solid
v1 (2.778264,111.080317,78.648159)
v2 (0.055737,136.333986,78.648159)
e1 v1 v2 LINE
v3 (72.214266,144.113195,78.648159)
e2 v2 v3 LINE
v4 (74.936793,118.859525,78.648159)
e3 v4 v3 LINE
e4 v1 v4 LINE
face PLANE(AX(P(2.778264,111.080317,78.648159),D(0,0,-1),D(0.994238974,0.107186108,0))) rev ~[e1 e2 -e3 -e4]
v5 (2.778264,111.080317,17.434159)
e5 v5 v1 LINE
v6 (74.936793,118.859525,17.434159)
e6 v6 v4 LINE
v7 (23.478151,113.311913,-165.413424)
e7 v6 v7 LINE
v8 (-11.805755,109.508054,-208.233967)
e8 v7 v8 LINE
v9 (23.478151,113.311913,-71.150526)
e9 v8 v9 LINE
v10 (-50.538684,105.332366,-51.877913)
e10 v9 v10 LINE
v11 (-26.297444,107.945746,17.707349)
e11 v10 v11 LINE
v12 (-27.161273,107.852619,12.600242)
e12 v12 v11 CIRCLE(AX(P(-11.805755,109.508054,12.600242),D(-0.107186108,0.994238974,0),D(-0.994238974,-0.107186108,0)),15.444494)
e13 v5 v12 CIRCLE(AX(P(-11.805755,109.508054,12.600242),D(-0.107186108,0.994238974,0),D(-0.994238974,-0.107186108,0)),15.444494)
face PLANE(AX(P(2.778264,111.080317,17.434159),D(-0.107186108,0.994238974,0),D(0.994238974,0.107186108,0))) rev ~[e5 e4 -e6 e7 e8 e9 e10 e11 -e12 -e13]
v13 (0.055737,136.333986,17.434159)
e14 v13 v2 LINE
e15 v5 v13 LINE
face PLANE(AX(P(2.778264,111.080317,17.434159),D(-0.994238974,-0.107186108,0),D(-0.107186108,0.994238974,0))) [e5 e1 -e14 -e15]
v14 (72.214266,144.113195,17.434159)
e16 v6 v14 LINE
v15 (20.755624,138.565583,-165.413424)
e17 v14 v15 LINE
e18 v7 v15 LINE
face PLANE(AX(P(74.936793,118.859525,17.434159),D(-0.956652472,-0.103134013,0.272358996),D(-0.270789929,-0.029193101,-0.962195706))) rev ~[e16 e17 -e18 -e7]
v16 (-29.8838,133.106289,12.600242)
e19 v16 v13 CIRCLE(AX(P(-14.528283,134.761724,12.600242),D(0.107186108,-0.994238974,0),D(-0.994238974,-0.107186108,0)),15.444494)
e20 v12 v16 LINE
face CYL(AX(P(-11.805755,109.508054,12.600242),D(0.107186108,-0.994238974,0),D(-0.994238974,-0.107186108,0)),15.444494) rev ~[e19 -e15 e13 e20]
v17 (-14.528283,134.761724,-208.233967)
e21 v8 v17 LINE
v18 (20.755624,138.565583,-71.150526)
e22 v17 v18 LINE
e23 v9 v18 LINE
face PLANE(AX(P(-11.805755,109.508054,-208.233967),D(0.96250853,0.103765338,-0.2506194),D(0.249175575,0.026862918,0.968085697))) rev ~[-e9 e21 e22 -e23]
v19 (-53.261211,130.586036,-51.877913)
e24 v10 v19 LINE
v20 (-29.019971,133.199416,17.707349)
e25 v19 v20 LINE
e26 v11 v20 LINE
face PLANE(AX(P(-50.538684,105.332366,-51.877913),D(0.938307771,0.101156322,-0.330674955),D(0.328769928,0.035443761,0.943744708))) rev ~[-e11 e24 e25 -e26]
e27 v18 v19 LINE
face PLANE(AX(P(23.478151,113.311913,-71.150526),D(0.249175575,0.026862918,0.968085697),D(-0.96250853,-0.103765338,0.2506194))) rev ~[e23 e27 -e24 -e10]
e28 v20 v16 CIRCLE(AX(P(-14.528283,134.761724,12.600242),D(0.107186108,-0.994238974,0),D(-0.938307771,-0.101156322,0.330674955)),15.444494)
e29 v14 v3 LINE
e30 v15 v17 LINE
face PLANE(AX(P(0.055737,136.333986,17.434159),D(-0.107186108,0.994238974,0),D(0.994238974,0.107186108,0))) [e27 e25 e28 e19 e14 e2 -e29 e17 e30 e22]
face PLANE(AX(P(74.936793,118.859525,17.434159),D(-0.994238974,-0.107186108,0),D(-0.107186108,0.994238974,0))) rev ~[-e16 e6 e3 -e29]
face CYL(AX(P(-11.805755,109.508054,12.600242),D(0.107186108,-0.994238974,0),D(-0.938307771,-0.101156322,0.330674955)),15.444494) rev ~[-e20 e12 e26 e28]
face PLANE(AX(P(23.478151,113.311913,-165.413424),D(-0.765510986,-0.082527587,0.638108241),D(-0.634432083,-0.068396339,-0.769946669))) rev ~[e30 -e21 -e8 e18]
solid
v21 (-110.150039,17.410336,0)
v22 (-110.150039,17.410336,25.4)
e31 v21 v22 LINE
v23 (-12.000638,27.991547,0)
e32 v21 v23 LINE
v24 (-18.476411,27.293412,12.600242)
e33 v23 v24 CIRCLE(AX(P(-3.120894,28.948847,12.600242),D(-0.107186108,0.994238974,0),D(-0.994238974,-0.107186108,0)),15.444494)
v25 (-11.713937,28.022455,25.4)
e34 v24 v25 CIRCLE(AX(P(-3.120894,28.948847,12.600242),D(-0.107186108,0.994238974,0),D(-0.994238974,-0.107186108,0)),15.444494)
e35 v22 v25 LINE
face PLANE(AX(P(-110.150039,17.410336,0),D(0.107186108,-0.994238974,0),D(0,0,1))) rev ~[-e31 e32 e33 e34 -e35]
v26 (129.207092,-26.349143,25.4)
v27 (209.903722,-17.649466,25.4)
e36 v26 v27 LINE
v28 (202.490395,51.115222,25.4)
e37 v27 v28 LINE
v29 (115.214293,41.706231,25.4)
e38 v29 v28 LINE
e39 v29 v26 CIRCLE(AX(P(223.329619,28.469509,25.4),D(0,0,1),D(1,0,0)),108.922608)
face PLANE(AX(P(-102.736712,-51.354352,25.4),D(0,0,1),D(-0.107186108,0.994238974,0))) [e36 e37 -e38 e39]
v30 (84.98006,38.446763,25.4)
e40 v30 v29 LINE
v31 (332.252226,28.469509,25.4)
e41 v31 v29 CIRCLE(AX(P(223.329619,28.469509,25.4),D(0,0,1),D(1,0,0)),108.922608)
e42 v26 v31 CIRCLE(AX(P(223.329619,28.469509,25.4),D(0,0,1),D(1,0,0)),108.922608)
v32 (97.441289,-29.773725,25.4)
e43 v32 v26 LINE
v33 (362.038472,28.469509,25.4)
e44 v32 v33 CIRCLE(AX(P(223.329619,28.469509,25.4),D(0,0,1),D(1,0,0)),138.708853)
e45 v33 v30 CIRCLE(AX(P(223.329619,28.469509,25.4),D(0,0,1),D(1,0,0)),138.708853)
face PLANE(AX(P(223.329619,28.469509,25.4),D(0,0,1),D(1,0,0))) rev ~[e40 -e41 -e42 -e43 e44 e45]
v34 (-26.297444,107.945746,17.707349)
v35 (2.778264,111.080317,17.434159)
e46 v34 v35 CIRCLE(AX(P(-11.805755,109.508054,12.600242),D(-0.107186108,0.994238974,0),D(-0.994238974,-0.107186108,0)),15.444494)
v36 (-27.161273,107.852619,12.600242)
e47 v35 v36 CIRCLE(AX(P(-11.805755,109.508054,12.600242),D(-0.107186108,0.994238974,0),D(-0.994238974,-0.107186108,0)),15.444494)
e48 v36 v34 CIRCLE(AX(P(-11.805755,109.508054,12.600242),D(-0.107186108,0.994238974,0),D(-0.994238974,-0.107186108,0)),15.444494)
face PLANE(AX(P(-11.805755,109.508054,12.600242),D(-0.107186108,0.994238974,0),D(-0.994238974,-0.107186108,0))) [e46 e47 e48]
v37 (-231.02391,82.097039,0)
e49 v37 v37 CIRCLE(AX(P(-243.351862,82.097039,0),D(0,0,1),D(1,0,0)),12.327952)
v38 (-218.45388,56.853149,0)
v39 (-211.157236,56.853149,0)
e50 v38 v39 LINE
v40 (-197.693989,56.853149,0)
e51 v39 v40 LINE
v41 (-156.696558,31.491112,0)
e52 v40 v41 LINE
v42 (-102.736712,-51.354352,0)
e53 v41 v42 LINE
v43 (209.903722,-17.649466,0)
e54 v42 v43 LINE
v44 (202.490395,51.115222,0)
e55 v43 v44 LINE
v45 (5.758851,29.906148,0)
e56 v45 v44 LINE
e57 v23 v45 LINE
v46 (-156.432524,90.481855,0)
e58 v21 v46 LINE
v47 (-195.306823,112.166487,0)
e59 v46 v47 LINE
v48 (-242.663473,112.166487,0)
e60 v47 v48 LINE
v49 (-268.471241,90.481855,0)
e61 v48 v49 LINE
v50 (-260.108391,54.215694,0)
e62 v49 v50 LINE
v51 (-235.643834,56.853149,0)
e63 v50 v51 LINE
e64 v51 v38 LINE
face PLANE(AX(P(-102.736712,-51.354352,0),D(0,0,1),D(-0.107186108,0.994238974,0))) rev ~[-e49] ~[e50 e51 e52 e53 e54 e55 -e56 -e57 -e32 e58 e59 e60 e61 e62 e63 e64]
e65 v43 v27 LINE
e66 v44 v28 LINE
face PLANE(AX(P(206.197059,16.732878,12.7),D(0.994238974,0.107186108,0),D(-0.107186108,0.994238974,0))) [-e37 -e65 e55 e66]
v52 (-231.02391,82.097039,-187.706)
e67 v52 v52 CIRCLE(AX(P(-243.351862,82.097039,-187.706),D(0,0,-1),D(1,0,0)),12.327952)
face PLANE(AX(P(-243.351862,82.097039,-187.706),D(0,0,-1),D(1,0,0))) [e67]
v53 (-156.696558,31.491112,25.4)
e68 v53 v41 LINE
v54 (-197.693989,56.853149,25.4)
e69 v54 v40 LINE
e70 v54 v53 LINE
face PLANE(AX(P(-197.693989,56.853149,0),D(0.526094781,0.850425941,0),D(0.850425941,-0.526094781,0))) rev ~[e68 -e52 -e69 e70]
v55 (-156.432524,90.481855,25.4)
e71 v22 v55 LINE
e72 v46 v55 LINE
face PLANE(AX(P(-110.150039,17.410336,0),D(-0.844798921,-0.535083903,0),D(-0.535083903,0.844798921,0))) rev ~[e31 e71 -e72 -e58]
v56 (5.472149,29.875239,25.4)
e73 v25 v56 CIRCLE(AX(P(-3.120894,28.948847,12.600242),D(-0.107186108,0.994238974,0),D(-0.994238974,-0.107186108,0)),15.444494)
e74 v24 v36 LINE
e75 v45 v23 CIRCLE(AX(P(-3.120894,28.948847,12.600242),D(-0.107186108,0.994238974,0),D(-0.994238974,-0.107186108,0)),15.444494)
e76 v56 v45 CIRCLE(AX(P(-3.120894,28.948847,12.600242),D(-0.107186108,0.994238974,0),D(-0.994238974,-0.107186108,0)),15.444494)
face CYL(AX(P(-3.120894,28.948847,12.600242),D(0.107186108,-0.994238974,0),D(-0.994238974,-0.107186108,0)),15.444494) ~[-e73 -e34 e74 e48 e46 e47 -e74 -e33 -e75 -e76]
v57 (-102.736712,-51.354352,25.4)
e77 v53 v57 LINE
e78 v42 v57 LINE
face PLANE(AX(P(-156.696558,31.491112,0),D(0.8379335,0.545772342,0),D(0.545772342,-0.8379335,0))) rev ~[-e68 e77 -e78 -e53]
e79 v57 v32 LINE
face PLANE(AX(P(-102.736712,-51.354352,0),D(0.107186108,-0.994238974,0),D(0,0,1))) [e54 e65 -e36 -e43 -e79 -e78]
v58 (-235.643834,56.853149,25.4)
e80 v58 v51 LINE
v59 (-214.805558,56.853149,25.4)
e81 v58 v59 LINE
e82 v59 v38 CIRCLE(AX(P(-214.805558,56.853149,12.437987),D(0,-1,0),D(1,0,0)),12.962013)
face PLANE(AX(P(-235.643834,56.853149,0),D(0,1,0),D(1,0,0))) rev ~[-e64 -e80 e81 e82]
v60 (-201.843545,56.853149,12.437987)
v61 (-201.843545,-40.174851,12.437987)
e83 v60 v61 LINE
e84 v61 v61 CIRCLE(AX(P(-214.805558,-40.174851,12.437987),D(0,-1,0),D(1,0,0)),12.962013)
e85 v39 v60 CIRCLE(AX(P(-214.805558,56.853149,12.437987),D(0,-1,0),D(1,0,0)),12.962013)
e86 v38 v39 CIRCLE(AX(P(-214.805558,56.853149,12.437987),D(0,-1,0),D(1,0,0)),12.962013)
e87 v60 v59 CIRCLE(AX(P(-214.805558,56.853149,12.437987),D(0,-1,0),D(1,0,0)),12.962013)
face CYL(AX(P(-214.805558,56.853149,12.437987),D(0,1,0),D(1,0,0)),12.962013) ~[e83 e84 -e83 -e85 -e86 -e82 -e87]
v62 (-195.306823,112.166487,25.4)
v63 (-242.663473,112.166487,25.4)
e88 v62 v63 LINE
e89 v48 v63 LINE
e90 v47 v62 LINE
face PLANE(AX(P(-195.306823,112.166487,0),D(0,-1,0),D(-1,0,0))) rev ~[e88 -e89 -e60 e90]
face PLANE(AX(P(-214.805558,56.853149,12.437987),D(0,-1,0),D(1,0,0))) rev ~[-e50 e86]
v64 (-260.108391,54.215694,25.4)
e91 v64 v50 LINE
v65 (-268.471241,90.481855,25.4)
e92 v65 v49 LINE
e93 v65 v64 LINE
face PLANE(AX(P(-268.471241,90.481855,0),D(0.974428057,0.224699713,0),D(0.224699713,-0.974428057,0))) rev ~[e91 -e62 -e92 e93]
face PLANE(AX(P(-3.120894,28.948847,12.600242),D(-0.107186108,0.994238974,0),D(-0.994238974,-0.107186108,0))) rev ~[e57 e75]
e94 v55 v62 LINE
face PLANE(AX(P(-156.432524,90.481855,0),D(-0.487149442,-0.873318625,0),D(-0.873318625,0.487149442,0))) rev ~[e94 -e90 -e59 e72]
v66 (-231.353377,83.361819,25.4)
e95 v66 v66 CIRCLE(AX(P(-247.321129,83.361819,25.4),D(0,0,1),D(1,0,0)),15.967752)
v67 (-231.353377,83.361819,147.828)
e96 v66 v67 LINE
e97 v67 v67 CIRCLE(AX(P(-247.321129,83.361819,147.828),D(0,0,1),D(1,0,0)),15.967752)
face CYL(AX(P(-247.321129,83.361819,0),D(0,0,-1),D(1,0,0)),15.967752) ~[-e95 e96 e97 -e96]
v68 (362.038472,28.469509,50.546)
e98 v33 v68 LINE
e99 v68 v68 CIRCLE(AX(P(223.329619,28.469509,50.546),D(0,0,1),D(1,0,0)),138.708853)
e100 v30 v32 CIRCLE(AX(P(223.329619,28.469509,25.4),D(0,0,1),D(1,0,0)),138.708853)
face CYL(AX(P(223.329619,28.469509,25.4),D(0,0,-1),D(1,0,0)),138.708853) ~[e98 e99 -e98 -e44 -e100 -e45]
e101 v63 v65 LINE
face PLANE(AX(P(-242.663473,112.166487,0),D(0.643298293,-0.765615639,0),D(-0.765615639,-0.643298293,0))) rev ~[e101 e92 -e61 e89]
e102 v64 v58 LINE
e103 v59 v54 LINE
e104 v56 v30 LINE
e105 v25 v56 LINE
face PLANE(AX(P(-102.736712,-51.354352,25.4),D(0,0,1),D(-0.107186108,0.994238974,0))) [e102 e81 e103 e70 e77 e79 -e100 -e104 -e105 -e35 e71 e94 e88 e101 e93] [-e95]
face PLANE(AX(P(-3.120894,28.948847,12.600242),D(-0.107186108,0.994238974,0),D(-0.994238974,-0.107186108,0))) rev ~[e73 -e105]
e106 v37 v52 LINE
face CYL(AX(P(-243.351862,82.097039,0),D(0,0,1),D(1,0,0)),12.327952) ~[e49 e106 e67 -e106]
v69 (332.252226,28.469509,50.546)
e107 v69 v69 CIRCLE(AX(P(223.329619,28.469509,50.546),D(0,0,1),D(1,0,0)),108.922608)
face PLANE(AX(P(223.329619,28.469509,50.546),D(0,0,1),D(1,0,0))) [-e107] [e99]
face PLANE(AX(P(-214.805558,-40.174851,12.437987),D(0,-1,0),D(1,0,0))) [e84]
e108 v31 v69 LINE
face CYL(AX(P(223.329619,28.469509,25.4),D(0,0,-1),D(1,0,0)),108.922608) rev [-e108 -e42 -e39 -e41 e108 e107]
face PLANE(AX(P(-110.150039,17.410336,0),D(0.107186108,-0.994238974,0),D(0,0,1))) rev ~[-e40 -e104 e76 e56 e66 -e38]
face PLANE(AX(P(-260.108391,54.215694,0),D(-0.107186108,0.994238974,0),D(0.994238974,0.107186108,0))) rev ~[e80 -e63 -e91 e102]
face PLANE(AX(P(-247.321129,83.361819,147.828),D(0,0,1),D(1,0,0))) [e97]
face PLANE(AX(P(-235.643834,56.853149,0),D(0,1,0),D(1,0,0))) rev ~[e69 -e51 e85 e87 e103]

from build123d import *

# Parameters (mm, degrees)
F0_R      = 15.9677519262
F1_DEPTH  = 21.336
F2_DEPTH  = 147.828
F3_R      = 12.3279515552
F4_DEPTH  = 187.706
F5_DEPTH  = 25.4
F6_W      = 69.1631390607
F6_H      = 25.4
F7_DEPTH  = 314.452
F8_R      = 138.7088529406
F8_R_2    = 108.9226078154
F9_DEPTH  = 25.146
F10_R     = 15.44449375
F11_DEPTH = 81.026
F13_DEPTH = 25.4
F14_DEPTH = 61.214
F15_R     = 12.9620128587
F16_DEPTH = 97.028


with BuildPart() as f1:
    # F0 (on Top) → F1 (new body)
    with BuildSketch(Plane.XY):
        Polygon((-156.6965579987, 31.491111964), (-102.7367115021, -51.3543523848), (-110.150039196, 17.4103360623), (-156.4325243235, 90.4818549752), (-195.3068226576, 112.1664866805), (-242.6634728909, 112.1664866805), (-268.4712409973, 90.4818549752), (-260.1083906974, 54.2156940101), (-235.6438338757, 56.8531490862), (-197.6939886808, 56.8531490862), align=None)
        with Locations((-247.3211288452, 83.3618193865)):
            Circle(F0_R, mode=Mode.SUBTRACT)
        with Locations((-247.3211288452, 83.3618193865)):
            Circle(F0_R)
    extrude(amount=F1_DEPTH)

    # F0 (on Top) → F2 (join)
    with BuildSketch(Plane.XY):
        with Locations((-247.3211288452, 83.3618193865)):
            Circle(F0_R)
    extrude(amount=F2_DEPTH)

    # F3 (on face) → F4 (join)
    with BuildSketch(Plane(origin=(0, 0, 0), x_dir=(1, 0, 0), z_dir=(0, 0, -1))):
        with Locations((-243.3518618345, -82.0970386267)):
            Circle(F3_R)
    extrude(amount=F4_DEPTH)

    # F0 (on Top) → F5 (join)
    with BuildSketch(Plane.XY):
        Polygon((-156.6965579987, 31.491111964), (-102.7367115021, -51.3543523848), (-110.150039196, 17.4103360623), (-156.4325243235, 90.4818549752), (-195.3068226576, 112.1664866805), (-242.6634728909, 112.1664866805), (-268.4712409973, 90.4818549752), (-260.1083906974, 54.2156940101), (-235.6438338757, 56.8531490862), (-197.6939886808, 56.8531490862), align=None)
        with Locations((-247.3211288452, 83.3618193865)):
            Circle(F0_R, mode=Mode.SUBTRACT)
    extrude(amount=F5_DEPTH)

    # F6 (on face) → F7 (join)
    with BuildSketch(Plane(origin=(-107.0291453779, -11.5385111953, 0), x_dir=(-0.107186108, 0.9942389744, 0), z_dir=(0.9942389744, 0.107186108, 0))):
        with Locations((-5.4649808605, 12.7)):
            Rectangle(F6_W, F6_H)
    extrude(amount=F7_DEPTH)

    # F8 (on face) → F9 (join)
    with BuildSketch(Plane.XY.offset(25.4)):
        with Locations((223.3296185732, 28.4695085138)):
            Circle(F8_R)
        with Locations((223.3296185732, 28.4695085138)):
            Circle(F8_R_2, mode=Mode.SUBTRACT)
    extrude(amount=F9_DEPTH)

    # F10 (on face) → F11 (join)
    with BuildSketch(Plane(origin=(-3.1208938182, 28.9488472576, 0), x_dir=(-0.9942389744, -0.107186108, 0), z_dir=(-0.107186108, 0.9942389744, 0))):
        with Locations((0, 12.6002421603)):
            Circle(F10_R)
    extrude(amount=F11_DEPTH)



with BuildPart() as f13:
    # F12 (on face) → F13 (new body)
    with BuildSketch(Plane(origin=(-11.8057554061, 109.5080543987, 0), x_dir=(-0.9942389744, -0.107186108, 0), z_dir=(-0.107186108, 0.9942389744, 0))):
        with BuildLine():
            ThreePointArc((15.44449375, 12.6002421603), (-2.4479012005, -2.6490255895), (-14.6685252547, 17.4341592101))
            Line((-14.6685252547, 17.4341592101), (-87.2451700878, 17.4341592101))
            Line((-87.2451700878, 17.4341592101), (-35.4883559048, -165.4134243727))
            Line((-35.4883559048, -165.4134243727), (0, -208.2339674234))
            Line((0, -208.2339674234), (-35.4883559048, -71.1505264044))
            Line((-35.4883559048, -71.1505264044), (38.9573626197, -51.8779130606))
            Line((38.9573626197, -51.8779130606), (14.5756592471, 17.7073494339))
            ThreePointArc((14.5756592471, 17.7073494339), (15.2257358662, 15.1904843351), (15.44449375, 12.6002421603))
        make_face()
    extrude(amount=F13_DEPTH)


with BuildPart() as f1_1:
    add(f1.part)
    # F14 (add): a face of the model
    f14_faces = [f13.part.faces().sort_by_distance(p)[0] for p in [
        (37.4962649903, 127.5967555523, 17.4341592101),
    ]]

    add(f13.part)  # F14 merges F13
    extrude(f14_faces, amount=F14_DEPTH)

    # F15 (on face) → F16 (join)
    with BuildSketch(Plane.XZ.offset(-56.8531490862)):
        with Locations((-214.8055583239, 12.4379871413)):
            Circle(F15_R)
    extrude(amount=F16_DEPTH)


solid = f1_1.part
